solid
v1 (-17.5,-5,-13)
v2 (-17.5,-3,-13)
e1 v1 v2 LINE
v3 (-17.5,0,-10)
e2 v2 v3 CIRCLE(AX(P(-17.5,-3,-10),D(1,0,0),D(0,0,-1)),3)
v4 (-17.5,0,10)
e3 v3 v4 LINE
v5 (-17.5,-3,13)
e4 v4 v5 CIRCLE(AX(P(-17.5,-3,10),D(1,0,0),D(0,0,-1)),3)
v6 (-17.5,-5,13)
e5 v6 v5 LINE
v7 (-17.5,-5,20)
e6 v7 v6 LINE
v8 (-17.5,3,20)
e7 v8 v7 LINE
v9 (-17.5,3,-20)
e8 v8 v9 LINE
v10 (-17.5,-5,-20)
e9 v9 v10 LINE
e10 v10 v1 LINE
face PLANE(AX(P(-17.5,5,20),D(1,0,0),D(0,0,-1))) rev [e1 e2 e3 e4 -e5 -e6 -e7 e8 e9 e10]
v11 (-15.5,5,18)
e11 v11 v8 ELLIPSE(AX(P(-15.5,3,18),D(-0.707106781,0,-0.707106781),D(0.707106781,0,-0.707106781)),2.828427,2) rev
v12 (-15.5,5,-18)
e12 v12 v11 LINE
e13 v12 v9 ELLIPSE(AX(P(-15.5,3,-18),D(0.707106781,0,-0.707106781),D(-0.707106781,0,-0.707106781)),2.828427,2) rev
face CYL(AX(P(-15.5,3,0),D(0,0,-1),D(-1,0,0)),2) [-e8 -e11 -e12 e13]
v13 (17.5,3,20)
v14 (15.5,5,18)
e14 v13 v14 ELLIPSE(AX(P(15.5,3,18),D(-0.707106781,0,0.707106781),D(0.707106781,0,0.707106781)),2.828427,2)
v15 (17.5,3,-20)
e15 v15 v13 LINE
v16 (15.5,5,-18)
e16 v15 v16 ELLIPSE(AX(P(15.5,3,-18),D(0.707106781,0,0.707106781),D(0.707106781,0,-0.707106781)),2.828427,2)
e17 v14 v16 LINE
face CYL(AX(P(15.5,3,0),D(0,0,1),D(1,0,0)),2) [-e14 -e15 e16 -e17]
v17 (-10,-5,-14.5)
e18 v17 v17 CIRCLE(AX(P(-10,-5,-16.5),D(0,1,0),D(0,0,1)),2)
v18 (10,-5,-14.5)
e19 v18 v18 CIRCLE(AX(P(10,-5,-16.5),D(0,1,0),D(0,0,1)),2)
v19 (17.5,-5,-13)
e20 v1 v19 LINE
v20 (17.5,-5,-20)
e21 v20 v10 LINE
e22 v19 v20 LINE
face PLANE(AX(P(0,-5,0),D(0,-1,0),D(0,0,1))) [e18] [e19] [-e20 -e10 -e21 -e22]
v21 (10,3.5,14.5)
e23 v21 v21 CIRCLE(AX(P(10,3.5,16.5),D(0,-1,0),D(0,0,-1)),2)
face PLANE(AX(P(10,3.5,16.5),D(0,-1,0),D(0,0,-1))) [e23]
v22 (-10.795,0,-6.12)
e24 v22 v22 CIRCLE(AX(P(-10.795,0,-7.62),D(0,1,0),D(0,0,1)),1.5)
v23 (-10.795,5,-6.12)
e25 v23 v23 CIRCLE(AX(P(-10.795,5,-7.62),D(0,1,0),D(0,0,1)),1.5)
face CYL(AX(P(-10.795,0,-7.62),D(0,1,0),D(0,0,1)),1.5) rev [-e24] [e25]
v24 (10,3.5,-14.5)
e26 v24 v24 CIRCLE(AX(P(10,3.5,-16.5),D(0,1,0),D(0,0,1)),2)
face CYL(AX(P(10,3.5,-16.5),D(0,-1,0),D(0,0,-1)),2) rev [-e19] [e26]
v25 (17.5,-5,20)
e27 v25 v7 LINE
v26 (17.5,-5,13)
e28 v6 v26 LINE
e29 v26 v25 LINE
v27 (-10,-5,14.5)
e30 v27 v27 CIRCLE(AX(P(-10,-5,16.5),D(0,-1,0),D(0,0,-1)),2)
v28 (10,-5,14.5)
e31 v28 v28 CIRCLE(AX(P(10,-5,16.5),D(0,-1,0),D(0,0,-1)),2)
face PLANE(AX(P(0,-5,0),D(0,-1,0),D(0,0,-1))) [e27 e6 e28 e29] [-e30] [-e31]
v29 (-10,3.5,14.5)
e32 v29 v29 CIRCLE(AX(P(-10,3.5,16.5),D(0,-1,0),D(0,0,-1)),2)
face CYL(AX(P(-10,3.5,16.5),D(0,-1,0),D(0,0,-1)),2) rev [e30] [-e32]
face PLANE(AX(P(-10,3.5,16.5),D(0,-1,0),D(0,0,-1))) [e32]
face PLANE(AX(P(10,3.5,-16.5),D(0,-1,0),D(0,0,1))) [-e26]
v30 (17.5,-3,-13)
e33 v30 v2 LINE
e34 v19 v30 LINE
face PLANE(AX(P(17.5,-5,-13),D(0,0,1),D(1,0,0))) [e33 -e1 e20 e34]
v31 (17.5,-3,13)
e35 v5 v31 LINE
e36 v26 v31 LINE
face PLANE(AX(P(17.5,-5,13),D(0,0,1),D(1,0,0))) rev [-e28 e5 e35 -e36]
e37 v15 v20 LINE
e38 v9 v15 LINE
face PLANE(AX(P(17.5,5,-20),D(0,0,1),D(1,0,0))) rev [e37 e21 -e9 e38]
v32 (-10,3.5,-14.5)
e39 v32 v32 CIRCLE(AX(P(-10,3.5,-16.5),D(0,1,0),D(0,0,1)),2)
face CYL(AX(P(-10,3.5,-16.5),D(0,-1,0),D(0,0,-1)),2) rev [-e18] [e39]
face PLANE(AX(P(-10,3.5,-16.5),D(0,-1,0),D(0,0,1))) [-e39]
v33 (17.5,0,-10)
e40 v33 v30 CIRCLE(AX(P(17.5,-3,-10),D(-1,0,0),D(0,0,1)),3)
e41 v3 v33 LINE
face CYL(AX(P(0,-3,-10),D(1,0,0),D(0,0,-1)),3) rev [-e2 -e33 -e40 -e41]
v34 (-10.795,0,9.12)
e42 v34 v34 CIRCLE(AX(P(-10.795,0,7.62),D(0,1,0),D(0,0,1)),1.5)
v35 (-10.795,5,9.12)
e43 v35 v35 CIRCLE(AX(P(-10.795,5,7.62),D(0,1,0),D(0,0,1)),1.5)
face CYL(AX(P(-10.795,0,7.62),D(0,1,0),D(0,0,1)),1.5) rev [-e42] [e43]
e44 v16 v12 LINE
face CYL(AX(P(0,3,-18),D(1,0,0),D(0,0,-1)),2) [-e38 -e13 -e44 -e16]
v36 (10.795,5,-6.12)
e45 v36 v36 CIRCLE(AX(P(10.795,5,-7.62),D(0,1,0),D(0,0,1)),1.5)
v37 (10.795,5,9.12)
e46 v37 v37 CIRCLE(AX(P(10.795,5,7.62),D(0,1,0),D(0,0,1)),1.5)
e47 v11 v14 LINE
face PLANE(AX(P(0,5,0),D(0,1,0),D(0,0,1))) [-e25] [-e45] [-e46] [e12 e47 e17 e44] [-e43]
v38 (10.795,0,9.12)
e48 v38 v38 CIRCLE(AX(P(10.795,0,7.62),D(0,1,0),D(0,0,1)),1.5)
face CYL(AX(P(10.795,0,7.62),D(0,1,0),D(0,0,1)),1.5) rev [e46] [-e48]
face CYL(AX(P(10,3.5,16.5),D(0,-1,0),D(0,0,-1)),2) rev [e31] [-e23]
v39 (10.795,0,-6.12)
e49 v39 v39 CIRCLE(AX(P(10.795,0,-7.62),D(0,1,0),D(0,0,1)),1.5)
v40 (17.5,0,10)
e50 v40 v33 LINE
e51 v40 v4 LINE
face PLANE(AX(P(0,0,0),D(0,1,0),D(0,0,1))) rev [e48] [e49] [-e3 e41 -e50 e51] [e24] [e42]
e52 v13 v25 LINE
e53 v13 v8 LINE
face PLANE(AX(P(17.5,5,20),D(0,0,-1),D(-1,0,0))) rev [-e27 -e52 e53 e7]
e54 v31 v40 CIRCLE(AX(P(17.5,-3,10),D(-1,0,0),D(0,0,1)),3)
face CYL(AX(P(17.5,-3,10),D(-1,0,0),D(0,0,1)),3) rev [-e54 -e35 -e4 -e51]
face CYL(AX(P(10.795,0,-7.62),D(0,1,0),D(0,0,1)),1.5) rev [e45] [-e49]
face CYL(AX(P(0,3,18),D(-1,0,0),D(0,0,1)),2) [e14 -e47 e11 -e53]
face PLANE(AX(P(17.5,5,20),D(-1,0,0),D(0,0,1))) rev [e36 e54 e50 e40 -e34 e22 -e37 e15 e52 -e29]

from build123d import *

# Parameters (mm, degrees)
SKETCH1_W            = 35
SKETCH1_H            = 40
BOSS_EXTRUDE1_DEPTH  = 5
SKETCH2_R            = 1.5
CUT_EXTRUDE1_DEPTH   = 5
SKETCH3_W            = 35
SKETCH3_H            = 7
BOSS_EXTRUDE2_DEPTH  = 5
SKETCH5_R            = 2
CUT_EXTRUDE3_DEPTH   = 8.5
FILLET2_R            = 3
FILLET3_R            = 2
FILLET2_OF_MIRROR2_R = 3


with BuildPart() as part:
    # Sketch1 → Boss-Extrude1 (new body)
    with BuildSketch(Plane(origin=(0, 0, 0), x_dir=(1, 0, 0), z_dir=(0, 1, 0))):
        Rectangle(SKETCH1_W, SKETCH1_H)
    extrude(amount=BOSS_EXTRUDE1_DEPTH)

    # Sketch2 → Cut-Extrude1 (cut)
    with BuildSketch(Plane(origin=(0, 5, 0), x_dir=(1, 0, 0), z_dir=(0, 1, 0))):
        with Locations(Location((-10.795, 7.62, 0), (0, 0, 270))):
            Circle(SKETCH2_R)
        with Locations(Location((10.795, 7.62, 0), (0, 0, 270))):
            Circle(SKETCH2_R)
        with Locations(Location((-10.795, -7.62, 0), (0, 0, 270))):
            Circle(SKETCH2_R)
        with Locations(Location((10.795, -7.62, 0), (0, 0, 270))):
            Circle(SKETCH2_R)
    extrude(amount=-CUT_EXTRUDE1_DEPTH, mode=Mode.SUBTRACT)

    # Sketch3 → Boss-Extrude2 (add)
    with BuildSketch(Plane.XZ):
        with Locations((0, 16.5)):
            Rectangle(SKETCH3_W, SKETCH3_H)
    boss_extrude2 = extrude(amount=BOSS_EXTRUDE2_DEPTH)

    # Sketch5 → Cut-Extrude3 (cut)
    with BuildSketch(Plane.XZ.offset(5)):
        with Locations(Location((-10, 16.5, 0), (0, 0, 270))):
            Circle(SKETCH5_R)
        with Locations(Location((10, 16.5, 0), (0, 0, 270))):
            Circle(SKETCH5_R)
    cut_extrude3 = extrude(amount=-CUT_EXTRUDE3_DEPTH, mode=Mode.SUBTRACT)

    # Fillet2
    fillet2_edges = [part.edges().sort_by_distance(p)[0] for p in [
        (0, 0, 13),
    ]]
    fillet(fillet2_edges, radius=FILLET2_R)

    # Fillet3
    fillet3_edges = [part.edges().sort_by_distance(p)[0] for p in [
        (17.5, 5, 0),
        (0, 5, -20),
        (-17.5, 5, 0),
        (0, 5, 20),
    ]]
    fillet(fillet3_edges, radius=FILLET3_R)

    # Mirror2: Boss-Extrude2, Cut-Extrude3 across plane
    add(boss_extrude2.mirror(Plane.XY))
    add(cut_extrude3.mirror(Plane.XY), mode=Mode.SUBTRACT)

    # Fillet2 of Mirror2
    fillet2_of_mirror2_edges = [part.edges().sort_by_distance(p)[0] for p in [
        (0, 0, -13),
    ]]
    fillet(fillet2_of_mirror2_edges, radius=FILLET2_OF_MIRROR2_R)


solid = part.part
